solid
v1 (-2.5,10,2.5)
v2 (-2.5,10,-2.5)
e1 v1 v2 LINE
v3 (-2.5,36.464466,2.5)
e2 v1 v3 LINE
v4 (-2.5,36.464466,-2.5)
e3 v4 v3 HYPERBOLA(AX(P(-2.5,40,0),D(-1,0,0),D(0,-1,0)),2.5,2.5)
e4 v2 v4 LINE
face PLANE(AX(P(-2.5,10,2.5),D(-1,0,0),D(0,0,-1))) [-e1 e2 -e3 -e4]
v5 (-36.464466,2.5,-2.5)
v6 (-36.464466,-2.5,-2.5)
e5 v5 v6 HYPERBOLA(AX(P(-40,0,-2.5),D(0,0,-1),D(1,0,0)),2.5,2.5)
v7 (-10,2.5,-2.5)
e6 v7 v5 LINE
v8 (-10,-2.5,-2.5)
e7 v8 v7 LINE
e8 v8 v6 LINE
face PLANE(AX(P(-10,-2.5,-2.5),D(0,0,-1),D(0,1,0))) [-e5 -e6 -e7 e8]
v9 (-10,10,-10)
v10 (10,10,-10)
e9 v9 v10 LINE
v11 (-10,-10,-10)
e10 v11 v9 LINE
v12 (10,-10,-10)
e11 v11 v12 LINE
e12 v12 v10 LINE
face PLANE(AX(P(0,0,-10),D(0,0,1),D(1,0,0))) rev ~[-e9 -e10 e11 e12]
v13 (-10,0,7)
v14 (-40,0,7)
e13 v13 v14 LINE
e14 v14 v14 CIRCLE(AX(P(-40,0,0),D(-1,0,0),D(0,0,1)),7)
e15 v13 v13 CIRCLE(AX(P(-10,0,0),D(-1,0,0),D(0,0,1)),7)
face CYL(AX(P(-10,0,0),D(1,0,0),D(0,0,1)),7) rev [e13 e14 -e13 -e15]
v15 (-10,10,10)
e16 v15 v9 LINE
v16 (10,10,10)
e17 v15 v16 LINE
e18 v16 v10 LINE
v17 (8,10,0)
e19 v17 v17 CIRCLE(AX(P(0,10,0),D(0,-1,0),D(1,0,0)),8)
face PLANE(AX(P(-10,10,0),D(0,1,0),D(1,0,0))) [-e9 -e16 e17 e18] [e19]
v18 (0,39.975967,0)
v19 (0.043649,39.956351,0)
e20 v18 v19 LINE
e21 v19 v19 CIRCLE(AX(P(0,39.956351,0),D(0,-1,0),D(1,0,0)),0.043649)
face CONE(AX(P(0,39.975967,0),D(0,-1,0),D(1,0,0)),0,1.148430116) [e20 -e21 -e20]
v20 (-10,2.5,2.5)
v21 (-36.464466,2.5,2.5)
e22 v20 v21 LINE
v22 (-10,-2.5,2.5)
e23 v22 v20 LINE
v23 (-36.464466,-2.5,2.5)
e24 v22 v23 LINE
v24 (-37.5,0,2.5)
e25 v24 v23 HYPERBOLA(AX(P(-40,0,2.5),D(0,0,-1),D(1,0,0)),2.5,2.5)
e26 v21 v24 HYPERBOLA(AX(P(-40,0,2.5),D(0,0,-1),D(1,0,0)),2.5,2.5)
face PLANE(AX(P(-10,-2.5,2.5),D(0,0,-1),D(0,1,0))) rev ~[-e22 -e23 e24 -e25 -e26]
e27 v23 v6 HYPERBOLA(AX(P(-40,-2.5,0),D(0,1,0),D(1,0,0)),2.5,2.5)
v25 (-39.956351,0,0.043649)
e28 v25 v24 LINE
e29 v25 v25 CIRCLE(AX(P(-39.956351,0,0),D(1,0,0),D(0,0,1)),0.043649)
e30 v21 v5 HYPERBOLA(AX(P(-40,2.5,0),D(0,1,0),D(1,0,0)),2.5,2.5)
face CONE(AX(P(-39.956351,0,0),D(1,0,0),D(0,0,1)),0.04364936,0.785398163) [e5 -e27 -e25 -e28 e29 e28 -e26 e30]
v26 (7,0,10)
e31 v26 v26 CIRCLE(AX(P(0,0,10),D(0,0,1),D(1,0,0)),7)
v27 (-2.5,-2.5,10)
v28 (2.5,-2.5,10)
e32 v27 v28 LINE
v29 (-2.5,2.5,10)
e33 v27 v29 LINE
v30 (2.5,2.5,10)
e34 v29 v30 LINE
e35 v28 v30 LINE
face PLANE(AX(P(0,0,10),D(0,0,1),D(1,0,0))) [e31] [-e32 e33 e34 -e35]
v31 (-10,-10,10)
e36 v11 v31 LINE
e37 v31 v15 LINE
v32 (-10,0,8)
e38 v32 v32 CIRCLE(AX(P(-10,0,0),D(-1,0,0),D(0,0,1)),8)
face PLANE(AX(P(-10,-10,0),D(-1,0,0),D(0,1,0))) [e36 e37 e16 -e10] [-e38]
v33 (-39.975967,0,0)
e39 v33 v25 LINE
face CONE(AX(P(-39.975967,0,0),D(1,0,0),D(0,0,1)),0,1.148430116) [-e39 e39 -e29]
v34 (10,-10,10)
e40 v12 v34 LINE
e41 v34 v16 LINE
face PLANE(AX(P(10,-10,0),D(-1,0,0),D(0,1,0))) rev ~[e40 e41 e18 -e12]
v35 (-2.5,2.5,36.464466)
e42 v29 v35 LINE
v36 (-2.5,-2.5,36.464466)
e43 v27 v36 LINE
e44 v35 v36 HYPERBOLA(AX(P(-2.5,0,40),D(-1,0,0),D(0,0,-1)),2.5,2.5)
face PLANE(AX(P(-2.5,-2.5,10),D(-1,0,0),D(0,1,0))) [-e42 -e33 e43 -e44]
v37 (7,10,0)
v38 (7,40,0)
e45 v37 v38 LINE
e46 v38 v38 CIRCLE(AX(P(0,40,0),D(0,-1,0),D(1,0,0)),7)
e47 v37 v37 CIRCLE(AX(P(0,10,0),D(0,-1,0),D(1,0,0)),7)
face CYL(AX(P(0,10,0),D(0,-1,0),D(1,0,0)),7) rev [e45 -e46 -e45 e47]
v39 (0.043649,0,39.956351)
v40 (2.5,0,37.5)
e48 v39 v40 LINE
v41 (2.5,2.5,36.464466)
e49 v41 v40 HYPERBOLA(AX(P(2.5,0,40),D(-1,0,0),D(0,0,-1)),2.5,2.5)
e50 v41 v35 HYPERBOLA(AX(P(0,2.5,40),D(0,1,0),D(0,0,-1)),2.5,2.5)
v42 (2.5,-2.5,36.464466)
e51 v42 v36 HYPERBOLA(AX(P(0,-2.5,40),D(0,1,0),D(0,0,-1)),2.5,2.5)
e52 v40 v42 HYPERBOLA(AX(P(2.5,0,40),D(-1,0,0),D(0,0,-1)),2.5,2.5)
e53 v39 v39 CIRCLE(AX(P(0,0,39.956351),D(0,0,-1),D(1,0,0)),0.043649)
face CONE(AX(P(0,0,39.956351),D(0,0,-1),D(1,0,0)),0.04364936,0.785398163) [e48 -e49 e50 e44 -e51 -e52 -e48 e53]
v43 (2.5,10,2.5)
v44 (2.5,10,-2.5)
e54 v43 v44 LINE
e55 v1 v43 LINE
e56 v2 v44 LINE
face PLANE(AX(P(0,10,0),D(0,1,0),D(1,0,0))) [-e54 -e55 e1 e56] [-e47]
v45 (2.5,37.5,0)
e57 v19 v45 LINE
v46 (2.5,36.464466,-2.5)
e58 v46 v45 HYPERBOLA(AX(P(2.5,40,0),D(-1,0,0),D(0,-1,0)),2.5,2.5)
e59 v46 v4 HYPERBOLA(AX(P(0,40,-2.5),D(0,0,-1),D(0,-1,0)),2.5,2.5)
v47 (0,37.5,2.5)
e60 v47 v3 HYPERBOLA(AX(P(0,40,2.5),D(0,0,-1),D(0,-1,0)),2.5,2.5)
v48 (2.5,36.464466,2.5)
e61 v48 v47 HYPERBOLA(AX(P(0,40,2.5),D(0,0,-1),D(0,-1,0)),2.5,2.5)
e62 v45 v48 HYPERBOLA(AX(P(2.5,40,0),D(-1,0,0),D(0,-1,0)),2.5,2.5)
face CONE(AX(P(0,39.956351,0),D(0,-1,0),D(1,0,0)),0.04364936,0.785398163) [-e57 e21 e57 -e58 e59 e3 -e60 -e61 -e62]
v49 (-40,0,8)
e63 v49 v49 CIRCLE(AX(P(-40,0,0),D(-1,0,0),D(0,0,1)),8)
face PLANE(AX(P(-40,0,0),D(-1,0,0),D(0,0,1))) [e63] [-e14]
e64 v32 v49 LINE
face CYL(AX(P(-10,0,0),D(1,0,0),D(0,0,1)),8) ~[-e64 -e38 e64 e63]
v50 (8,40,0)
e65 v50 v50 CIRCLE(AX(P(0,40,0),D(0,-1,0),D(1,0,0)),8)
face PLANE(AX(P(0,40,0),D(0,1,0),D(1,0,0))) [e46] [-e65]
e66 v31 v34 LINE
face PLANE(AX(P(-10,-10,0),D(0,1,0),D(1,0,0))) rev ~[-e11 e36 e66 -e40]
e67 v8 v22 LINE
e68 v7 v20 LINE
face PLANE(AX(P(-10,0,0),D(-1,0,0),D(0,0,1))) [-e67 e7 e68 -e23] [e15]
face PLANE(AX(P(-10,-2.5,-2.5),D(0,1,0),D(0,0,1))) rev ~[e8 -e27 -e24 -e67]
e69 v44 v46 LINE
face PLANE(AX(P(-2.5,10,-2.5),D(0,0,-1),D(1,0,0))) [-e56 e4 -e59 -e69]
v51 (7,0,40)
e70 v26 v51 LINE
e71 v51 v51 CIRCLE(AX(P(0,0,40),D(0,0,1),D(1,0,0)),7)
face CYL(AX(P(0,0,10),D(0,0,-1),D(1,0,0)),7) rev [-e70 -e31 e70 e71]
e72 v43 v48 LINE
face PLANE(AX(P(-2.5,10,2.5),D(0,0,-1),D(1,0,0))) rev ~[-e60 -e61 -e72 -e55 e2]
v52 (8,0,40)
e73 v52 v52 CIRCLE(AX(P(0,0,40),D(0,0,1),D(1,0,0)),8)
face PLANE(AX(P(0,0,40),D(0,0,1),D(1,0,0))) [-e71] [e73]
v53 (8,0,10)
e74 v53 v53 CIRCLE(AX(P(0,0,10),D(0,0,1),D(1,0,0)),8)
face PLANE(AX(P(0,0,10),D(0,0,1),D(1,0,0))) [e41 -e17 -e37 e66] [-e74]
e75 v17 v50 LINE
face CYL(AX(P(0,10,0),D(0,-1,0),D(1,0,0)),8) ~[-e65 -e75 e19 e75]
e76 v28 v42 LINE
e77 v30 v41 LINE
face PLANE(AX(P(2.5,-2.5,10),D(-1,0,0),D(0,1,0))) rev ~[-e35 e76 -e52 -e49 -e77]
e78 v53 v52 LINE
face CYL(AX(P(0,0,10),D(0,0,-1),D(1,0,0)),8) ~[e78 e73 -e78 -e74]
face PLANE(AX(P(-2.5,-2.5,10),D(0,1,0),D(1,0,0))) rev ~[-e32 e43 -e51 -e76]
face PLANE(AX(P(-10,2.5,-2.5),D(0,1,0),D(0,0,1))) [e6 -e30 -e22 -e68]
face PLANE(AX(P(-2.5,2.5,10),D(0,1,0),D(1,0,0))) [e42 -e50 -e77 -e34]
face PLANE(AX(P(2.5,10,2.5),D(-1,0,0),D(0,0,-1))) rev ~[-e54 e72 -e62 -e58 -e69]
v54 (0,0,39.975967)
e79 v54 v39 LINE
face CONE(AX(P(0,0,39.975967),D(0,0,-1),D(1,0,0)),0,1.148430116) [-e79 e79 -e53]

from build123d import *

# Parameters (mm, degrees)
F0_W          = 20
F0_H          = 20
F1_DEPTH      = 10
F1_DEPTH_BACK = 10
F2_R          = 8
F2_R_2        = 7
F3_DEPTH      = 30
F4_W          = 5
F4_H          = 5
F5_DEPTH      = 30
F9_COUNT      = 2
F9_ANGLE      = 90
F10_COUNT     = 2
F10_ANGLE     = 90


with BuildPart() as f1:
    # F0 (on Top) → F1 (new body, two sides)
    with BuildSketch(Plane.XY) as f1_sk:
        Rectangle(F0_W, F0_H)
    extrude(amount=-F1_DEPTH)
    extrude(f1_sk.sketch, amount=F1_DEPTH_BACK)

    # F2 (on face) → F3 (join)
    with BuildSketch(Plane.XY.offset(10)):
        Circle(F2_R)
        Circle(F2_R_2, mode=Mode.SUBTRACT)
    extrude(amount=F3_DEPTH)

    # F4 (on face) → F5 (join)
    with BuildSketch(Plane.XY.offset(10)):
        Rectangle(F4_W, F4_H)
    extrude(amount=F5_DEPTH)

    # F6 (on Front) → F7 (revolve, cut)
    with BuildSketch(Plane.XZ):
        Polygon((0, 39.9759672582), (0.0436493601, 39.9563506399), (6.35, 33.65), (6.35, 40), (0, 40), align=None)
    revolve(axis=Axis((0, 0, 38.1132610887), (0, 0, -1)), mode=Mode.SUBTRACT)

    # F9: F1 ×2 about axis
    f9_axis = Axis((7.9106530175, 0, 0), (-1, 0, 0))


with BuildPart() as f1_1:
    add(f1.part)
    for i in range(1, F9_COUNT):
        add(f1.part.rotate(f9_axis, i * F9_ANGLE / (F9_COUNT - 1)))

    # F10: F1 ×2 about axis
    f10_axis = Axis((0, 10, 0), (0, -1, 0))


with BuildPart() as f1_2:
    add(f1_1.part)
    for i in range(1, F10_COUNT):
        add(f1_1.part.rotate(f10_axis, i * F10_ANGLE / (F10_COUNT - 1)))


solid = f1_2.part
